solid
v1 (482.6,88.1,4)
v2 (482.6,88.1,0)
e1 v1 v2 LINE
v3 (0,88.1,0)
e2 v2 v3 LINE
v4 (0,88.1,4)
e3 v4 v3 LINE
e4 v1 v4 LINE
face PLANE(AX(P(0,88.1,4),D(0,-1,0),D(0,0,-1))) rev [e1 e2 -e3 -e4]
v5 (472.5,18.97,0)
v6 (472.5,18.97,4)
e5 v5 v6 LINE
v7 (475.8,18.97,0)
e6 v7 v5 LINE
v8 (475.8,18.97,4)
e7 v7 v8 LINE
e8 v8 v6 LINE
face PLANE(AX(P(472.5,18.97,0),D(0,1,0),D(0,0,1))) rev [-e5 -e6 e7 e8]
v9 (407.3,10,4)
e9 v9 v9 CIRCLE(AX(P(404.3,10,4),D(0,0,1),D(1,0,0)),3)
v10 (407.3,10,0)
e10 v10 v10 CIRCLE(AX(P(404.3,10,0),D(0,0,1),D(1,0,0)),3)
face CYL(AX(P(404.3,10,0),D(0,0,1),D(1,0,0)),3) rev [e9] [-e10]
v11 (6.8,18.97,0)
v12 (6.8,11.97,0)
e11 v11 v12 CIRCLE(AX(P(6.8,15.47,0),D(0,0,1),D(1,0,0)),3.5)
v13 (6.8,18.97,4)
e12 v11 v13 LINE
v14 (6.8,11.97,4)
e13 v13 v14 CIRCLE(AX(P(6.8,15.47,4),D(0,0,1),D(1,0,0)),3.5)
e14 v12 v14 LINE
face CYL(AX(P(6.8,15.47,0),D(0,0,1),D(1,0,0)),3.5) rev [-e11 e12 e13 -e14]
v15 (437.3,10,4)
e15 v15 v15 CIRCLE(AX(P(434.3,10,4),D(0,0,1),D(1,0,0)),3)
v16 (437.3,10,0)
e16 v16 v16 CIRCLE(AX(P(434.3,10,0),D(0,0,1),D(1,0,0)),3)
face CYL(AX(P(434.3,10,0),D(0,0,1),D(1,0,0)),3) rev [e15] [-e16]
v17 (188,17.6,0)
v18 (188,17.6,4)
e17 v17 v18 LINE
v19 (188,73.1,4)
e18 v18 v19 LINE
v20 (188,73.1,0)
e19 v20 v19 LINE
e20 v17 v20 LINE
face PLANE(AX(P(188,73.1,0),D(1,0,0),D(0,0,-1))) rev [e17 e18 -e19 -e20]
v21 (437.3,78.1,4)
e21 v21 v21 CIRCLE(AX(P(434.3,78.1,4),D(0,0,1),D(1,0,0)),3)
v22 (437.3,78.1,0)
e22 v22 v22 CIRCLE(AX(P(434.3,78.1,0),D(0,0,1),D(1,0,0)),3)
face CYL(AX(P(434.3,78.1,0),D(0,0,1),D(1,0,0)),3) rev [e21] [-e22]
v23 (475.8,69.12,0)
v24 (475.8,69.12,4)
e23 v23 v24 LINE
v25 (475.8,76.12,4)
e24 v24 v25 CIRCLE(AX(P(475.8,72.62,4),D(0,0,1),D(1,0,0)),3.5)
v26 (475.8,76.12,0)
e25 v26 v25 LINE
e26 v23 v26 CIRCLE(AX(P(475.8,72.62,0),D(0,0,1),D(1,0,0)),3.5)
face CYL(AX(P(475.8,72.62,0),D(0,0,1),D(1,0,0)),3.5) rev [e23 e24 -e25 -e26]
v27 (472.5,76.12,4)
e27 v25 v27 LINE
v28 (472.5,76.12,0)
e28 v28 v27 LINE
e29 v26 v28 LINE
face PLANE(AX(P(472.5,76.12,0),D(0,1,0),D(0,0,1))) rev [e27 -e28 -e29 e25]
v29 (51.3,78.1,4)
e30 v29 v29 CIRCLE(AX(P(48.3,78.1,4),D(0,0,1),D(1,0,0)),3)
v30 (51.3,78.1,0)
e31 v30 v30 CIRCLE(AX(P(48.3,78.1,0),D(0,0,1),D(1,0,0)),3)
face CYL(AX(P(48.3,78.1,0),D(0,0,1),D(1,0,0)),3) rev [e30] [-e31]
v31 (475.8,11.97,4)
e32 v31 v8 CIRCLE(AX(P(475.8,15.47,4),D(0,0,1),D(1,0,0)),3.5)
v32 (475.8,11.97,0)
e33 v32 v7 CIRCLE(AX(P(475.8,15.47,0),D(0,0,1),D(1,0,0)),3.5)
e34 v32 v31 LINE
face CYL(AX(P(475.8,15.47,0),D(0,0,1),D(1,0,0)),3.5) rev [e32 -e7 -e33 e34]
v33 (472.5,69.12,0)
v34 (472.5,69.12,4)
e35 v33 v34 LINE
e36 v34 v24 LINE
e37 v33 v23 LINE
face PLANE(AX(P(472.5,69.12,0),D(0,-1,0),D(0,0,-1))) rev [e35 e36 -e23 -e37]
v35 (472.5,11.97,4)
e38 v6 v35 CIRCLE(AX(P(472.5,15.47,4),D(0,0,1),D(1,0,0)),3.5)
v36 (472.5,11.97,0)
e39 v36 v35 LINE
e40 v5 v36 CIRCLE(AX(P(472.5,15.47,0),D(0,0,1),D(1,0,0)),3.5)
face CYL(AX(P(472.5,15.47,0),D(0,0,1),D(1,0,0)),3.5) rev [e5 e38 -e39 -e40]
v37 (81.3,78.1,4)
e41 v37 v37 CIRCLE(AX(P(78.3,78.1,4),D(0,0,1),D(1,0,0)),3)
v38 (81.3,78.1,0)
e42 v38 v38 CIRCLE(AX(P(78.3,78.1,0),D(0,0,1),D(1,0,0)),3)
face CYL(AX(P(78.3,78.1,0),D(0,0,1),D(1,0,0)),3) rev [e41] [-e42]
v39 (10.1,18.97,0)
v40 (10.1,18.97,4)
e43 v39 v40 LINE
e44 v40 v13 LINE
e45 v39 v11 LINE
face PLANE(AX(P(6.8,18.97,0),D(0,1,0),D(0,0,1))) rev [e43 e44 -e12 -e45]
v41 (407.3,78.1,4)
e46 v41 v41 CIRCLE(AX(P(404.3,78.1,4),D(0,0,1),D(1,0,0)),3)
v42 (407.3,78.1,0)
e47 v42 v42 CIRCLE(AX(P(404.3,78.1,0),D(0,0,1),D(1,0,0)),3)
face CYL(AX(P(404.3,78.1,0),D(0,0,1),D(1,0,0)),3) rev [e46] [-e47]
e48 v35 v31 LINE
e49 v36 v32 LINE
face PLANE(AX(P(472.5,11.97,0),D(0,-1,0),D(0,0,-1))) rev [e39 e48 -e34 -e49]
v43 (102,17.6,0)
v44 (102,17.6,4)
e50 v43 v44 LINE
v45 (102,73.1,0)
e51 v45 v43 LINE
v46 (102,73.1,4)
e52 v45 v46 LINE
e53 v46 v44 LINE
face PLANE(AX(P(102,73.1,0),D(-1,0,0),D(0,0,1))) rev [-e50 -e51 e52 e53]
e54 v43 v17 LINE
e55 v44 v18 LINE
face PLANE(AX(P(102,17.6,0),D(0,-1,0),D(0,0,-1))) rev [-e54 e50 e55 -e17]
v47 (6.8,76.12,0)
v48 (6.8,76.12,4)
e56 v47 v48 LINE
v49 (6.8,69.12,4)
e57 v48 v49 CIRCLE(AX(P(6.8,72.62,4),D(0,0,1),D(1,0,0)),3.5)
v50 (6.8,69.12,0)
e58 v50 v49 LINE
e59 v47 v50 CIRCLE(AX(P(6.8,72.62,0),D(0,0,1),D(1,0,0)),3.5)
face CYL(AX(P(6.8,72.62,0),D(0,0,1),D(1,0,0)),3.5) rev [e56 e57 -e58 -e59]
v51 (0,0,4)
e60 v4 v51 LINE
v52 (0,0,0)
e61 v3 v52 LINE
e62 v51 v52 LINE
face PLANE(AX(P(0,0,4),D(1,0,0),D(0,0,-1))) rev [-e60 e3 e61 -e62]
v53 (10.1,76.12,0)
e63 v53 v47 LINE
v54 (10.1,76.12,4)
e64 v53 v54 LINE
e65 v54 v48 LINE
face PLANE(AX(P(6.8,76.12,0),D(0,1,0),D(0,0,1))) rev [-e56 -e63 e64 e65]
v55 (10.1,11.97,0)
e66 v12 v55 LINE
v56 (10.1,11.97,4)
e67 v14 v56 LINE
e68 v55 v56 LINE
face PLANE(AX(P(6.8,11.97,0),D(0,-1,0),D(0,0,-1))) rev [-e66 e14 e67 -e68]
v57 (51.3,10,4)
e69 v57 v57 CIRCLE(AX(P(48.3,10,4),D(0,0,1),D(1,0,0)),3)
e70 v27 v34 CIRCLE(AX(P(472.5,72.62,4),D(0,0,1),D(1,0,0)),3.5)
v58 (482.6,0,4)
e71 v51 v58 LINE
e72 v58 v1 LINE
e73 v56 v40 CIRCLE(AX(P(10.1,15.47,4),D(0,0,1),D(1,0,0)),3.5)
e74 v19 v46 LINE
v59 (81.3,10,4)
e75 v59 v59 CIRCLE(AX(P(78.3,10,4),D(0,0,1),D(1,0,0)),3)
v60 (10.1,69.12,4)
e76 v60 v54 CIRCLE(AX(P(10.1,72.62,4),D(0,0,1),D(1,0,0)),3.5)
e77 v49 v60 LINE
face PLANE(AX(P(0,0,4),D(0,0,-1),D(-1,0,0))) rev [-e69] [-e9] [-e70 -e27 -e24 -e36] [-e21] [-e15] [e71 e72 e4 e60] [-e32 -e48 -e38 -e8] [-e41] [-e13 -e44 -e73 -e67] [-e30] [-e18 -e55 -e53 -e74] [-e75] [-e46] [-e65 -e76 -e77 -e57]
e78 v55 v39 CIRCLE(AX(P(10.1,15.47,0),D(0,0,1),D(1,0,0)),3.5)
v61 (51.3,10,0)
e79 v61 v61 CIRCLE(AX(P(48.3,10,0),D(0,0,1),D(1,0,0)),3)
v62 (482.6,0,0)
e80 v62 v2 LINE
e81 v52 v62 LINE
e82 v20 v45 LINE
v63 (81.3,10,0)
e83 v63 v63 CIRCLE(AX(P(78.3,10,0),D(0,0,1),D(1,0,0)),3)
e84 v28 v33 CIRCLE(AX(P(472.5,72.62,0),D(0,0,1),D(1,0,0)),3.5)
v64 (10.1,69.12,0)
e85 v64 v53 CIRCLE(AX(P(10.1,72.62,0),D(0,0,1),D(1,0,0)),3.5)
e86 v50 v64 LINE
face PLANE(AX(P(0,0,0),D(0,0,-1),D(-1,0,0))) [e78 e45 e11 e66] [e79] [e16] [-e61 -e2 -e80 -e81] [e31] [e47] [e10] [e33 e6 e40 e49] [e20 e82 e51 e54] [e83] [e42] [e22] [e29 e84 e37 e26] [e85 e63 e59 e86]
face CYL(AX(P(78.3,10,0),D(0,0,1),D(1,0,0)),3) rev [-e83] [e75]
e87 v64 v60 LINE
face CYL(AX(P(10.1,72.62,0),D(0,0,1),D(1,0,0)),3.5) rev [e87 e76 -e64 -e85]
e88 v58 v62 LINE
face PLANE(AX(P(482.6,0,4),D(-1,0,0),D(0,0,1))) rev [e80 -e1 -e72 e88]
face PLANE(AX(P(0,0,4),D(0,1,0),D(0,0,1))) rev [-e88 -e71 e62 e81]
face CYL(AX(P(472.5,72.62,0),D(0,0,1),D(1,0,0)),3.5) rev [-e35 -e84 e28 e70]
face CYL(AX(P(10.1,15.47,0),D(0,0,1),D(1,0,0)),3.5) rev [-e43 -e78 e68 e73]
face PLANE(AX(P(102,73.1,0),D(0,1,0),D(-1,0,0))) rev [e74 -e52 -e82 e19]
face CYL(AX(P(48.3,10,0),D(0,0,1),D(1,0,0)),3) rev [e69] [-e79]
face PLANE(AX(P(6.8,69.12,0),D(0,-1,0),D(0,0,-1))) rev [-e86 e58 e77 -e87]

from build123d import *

# Parameters (mm, degrees)
SKETCH_1_W          = 482.6
SKETCH_1_H          = 88.1
EXTRUDE_1_DEPTH     = 4
CUT_EXTRUDE_1_DEPTH = 491.591856842
SKETCH_3_R          = 3
CUT_EXTRUDE_2_DEPTH = 491.591856842
SKETCH_4_W          = 86
SKETCH_4_H          = 55.5
CUT_EXTRUDE_3_DEPTH = 491.591856842


with BuildPart() as part:
    # Эскиз1 → Бобышка-Вытянуть1 (new body)
    with BuildSketch(Plane.XY):
        with Locations((241.3, 44.05)):
            Rectangle(SKETCH_1_W, SKETCH_1_H)
    extrude(amount=EXTRUDE_1_DEPTH)

    # Эскиз2 → Вырез-Вытянуть1 (cut, through all)
    with BuildSketch(Plane.XY.offset(4)):
        with BuildLine():
            Line((6.8, 76.12), (10.1, 76.12))
            ThreePointArc((10.1, 76.12), (13.6, 72.62), (10.1, 69.12))
            Line((10.1, 69.12), (6.8, 69.12))
            ThreePointArc((6.8, 69.12), (3.3, 72.62), (6.8, 76.12))
        make_face()
        with BuildLine():
            Line((472.5, 76.12), (475.8, 76.12))
            ThreePointArc((475.8, 76.12), (479.3, 72.62), (475.8, 69.12))
            Line((475.8, 69.12), (472.5, 69.12))
            ThreePointArc((472.5, 69.12), (469, 72.62), (472.5, 76.12))
        make_face()
        with BuildLine():
            Line((472.5, 18.97), (475.8, 18.97))
            ThreePointArc((475.8, 18.97), (479.3, 15.47), (475.8, 11.97))
            Line((475.8, 11.97), (472.5, 11.97))
            ThreePointArc((472.5, 11.97), (469, 15.47), (472.5, 18.97))
        make_face()
        with BuildLine():
            Line((6.8, 18.97), (10.1, 18.97))
            ThreePointArc((10.1, 18.97), (13.6, 15.47), (10.1, 11.97))
            Line((10.1, 11.97), (6.8, 11.97))
            ThreePointArc((6.8, 11.97), (3.3, 15.47), (6.8, 18.97))
        make_face()
    extrude(amount=-CUT_EXTRUDE_1_DEPTH, mode=Mode.SUBTRACT)

    # Эскиз3 → Вырез-Вытянуть2 (cut, through all)
    with BuildSketch(Plane.XY.offset(4)):
        with Locations((78.3, 78.1)):
            Circle(SKETCH_3_R)
        with Locations((404.3, 78.1)):
            Circle(SKETCH_3_R)
        with Locations((404.3, 10)):
            Circle(SKETCH_3_R)
        with Locations((78.3, 10)):
            Circle(SKETCH_3_R)
        with Locations((48.3, 78.1)):
            Circle(SKETCH_3_R)
        with Locations((434.3, 78.1)):
            Circle(SKETCH_3_R)
        with Locations((434.3, 10)):
            Circle(SKETCH_3_R)
        with Locations((48.3, 10)):
            Circle(SKETCH_3_R)
    extrude(amount=-CUT_EXTRUDE_2_DEPTH, mode=Mode.SUBTRACT)

    # Эскиз4 → Вырез-Вытянуть3 (cut, through all)
    with BuildSketch(Plane.XY.offset(4)):
        with Locations((145, 45.35)):
            Rectangle(SKETCH_4_W, SKETCH_4_H)
    extrude(amount=-CUT_EXTRUDE_3_DEPTH, mode=Mode.SUBTRACT)


solid = part.part
